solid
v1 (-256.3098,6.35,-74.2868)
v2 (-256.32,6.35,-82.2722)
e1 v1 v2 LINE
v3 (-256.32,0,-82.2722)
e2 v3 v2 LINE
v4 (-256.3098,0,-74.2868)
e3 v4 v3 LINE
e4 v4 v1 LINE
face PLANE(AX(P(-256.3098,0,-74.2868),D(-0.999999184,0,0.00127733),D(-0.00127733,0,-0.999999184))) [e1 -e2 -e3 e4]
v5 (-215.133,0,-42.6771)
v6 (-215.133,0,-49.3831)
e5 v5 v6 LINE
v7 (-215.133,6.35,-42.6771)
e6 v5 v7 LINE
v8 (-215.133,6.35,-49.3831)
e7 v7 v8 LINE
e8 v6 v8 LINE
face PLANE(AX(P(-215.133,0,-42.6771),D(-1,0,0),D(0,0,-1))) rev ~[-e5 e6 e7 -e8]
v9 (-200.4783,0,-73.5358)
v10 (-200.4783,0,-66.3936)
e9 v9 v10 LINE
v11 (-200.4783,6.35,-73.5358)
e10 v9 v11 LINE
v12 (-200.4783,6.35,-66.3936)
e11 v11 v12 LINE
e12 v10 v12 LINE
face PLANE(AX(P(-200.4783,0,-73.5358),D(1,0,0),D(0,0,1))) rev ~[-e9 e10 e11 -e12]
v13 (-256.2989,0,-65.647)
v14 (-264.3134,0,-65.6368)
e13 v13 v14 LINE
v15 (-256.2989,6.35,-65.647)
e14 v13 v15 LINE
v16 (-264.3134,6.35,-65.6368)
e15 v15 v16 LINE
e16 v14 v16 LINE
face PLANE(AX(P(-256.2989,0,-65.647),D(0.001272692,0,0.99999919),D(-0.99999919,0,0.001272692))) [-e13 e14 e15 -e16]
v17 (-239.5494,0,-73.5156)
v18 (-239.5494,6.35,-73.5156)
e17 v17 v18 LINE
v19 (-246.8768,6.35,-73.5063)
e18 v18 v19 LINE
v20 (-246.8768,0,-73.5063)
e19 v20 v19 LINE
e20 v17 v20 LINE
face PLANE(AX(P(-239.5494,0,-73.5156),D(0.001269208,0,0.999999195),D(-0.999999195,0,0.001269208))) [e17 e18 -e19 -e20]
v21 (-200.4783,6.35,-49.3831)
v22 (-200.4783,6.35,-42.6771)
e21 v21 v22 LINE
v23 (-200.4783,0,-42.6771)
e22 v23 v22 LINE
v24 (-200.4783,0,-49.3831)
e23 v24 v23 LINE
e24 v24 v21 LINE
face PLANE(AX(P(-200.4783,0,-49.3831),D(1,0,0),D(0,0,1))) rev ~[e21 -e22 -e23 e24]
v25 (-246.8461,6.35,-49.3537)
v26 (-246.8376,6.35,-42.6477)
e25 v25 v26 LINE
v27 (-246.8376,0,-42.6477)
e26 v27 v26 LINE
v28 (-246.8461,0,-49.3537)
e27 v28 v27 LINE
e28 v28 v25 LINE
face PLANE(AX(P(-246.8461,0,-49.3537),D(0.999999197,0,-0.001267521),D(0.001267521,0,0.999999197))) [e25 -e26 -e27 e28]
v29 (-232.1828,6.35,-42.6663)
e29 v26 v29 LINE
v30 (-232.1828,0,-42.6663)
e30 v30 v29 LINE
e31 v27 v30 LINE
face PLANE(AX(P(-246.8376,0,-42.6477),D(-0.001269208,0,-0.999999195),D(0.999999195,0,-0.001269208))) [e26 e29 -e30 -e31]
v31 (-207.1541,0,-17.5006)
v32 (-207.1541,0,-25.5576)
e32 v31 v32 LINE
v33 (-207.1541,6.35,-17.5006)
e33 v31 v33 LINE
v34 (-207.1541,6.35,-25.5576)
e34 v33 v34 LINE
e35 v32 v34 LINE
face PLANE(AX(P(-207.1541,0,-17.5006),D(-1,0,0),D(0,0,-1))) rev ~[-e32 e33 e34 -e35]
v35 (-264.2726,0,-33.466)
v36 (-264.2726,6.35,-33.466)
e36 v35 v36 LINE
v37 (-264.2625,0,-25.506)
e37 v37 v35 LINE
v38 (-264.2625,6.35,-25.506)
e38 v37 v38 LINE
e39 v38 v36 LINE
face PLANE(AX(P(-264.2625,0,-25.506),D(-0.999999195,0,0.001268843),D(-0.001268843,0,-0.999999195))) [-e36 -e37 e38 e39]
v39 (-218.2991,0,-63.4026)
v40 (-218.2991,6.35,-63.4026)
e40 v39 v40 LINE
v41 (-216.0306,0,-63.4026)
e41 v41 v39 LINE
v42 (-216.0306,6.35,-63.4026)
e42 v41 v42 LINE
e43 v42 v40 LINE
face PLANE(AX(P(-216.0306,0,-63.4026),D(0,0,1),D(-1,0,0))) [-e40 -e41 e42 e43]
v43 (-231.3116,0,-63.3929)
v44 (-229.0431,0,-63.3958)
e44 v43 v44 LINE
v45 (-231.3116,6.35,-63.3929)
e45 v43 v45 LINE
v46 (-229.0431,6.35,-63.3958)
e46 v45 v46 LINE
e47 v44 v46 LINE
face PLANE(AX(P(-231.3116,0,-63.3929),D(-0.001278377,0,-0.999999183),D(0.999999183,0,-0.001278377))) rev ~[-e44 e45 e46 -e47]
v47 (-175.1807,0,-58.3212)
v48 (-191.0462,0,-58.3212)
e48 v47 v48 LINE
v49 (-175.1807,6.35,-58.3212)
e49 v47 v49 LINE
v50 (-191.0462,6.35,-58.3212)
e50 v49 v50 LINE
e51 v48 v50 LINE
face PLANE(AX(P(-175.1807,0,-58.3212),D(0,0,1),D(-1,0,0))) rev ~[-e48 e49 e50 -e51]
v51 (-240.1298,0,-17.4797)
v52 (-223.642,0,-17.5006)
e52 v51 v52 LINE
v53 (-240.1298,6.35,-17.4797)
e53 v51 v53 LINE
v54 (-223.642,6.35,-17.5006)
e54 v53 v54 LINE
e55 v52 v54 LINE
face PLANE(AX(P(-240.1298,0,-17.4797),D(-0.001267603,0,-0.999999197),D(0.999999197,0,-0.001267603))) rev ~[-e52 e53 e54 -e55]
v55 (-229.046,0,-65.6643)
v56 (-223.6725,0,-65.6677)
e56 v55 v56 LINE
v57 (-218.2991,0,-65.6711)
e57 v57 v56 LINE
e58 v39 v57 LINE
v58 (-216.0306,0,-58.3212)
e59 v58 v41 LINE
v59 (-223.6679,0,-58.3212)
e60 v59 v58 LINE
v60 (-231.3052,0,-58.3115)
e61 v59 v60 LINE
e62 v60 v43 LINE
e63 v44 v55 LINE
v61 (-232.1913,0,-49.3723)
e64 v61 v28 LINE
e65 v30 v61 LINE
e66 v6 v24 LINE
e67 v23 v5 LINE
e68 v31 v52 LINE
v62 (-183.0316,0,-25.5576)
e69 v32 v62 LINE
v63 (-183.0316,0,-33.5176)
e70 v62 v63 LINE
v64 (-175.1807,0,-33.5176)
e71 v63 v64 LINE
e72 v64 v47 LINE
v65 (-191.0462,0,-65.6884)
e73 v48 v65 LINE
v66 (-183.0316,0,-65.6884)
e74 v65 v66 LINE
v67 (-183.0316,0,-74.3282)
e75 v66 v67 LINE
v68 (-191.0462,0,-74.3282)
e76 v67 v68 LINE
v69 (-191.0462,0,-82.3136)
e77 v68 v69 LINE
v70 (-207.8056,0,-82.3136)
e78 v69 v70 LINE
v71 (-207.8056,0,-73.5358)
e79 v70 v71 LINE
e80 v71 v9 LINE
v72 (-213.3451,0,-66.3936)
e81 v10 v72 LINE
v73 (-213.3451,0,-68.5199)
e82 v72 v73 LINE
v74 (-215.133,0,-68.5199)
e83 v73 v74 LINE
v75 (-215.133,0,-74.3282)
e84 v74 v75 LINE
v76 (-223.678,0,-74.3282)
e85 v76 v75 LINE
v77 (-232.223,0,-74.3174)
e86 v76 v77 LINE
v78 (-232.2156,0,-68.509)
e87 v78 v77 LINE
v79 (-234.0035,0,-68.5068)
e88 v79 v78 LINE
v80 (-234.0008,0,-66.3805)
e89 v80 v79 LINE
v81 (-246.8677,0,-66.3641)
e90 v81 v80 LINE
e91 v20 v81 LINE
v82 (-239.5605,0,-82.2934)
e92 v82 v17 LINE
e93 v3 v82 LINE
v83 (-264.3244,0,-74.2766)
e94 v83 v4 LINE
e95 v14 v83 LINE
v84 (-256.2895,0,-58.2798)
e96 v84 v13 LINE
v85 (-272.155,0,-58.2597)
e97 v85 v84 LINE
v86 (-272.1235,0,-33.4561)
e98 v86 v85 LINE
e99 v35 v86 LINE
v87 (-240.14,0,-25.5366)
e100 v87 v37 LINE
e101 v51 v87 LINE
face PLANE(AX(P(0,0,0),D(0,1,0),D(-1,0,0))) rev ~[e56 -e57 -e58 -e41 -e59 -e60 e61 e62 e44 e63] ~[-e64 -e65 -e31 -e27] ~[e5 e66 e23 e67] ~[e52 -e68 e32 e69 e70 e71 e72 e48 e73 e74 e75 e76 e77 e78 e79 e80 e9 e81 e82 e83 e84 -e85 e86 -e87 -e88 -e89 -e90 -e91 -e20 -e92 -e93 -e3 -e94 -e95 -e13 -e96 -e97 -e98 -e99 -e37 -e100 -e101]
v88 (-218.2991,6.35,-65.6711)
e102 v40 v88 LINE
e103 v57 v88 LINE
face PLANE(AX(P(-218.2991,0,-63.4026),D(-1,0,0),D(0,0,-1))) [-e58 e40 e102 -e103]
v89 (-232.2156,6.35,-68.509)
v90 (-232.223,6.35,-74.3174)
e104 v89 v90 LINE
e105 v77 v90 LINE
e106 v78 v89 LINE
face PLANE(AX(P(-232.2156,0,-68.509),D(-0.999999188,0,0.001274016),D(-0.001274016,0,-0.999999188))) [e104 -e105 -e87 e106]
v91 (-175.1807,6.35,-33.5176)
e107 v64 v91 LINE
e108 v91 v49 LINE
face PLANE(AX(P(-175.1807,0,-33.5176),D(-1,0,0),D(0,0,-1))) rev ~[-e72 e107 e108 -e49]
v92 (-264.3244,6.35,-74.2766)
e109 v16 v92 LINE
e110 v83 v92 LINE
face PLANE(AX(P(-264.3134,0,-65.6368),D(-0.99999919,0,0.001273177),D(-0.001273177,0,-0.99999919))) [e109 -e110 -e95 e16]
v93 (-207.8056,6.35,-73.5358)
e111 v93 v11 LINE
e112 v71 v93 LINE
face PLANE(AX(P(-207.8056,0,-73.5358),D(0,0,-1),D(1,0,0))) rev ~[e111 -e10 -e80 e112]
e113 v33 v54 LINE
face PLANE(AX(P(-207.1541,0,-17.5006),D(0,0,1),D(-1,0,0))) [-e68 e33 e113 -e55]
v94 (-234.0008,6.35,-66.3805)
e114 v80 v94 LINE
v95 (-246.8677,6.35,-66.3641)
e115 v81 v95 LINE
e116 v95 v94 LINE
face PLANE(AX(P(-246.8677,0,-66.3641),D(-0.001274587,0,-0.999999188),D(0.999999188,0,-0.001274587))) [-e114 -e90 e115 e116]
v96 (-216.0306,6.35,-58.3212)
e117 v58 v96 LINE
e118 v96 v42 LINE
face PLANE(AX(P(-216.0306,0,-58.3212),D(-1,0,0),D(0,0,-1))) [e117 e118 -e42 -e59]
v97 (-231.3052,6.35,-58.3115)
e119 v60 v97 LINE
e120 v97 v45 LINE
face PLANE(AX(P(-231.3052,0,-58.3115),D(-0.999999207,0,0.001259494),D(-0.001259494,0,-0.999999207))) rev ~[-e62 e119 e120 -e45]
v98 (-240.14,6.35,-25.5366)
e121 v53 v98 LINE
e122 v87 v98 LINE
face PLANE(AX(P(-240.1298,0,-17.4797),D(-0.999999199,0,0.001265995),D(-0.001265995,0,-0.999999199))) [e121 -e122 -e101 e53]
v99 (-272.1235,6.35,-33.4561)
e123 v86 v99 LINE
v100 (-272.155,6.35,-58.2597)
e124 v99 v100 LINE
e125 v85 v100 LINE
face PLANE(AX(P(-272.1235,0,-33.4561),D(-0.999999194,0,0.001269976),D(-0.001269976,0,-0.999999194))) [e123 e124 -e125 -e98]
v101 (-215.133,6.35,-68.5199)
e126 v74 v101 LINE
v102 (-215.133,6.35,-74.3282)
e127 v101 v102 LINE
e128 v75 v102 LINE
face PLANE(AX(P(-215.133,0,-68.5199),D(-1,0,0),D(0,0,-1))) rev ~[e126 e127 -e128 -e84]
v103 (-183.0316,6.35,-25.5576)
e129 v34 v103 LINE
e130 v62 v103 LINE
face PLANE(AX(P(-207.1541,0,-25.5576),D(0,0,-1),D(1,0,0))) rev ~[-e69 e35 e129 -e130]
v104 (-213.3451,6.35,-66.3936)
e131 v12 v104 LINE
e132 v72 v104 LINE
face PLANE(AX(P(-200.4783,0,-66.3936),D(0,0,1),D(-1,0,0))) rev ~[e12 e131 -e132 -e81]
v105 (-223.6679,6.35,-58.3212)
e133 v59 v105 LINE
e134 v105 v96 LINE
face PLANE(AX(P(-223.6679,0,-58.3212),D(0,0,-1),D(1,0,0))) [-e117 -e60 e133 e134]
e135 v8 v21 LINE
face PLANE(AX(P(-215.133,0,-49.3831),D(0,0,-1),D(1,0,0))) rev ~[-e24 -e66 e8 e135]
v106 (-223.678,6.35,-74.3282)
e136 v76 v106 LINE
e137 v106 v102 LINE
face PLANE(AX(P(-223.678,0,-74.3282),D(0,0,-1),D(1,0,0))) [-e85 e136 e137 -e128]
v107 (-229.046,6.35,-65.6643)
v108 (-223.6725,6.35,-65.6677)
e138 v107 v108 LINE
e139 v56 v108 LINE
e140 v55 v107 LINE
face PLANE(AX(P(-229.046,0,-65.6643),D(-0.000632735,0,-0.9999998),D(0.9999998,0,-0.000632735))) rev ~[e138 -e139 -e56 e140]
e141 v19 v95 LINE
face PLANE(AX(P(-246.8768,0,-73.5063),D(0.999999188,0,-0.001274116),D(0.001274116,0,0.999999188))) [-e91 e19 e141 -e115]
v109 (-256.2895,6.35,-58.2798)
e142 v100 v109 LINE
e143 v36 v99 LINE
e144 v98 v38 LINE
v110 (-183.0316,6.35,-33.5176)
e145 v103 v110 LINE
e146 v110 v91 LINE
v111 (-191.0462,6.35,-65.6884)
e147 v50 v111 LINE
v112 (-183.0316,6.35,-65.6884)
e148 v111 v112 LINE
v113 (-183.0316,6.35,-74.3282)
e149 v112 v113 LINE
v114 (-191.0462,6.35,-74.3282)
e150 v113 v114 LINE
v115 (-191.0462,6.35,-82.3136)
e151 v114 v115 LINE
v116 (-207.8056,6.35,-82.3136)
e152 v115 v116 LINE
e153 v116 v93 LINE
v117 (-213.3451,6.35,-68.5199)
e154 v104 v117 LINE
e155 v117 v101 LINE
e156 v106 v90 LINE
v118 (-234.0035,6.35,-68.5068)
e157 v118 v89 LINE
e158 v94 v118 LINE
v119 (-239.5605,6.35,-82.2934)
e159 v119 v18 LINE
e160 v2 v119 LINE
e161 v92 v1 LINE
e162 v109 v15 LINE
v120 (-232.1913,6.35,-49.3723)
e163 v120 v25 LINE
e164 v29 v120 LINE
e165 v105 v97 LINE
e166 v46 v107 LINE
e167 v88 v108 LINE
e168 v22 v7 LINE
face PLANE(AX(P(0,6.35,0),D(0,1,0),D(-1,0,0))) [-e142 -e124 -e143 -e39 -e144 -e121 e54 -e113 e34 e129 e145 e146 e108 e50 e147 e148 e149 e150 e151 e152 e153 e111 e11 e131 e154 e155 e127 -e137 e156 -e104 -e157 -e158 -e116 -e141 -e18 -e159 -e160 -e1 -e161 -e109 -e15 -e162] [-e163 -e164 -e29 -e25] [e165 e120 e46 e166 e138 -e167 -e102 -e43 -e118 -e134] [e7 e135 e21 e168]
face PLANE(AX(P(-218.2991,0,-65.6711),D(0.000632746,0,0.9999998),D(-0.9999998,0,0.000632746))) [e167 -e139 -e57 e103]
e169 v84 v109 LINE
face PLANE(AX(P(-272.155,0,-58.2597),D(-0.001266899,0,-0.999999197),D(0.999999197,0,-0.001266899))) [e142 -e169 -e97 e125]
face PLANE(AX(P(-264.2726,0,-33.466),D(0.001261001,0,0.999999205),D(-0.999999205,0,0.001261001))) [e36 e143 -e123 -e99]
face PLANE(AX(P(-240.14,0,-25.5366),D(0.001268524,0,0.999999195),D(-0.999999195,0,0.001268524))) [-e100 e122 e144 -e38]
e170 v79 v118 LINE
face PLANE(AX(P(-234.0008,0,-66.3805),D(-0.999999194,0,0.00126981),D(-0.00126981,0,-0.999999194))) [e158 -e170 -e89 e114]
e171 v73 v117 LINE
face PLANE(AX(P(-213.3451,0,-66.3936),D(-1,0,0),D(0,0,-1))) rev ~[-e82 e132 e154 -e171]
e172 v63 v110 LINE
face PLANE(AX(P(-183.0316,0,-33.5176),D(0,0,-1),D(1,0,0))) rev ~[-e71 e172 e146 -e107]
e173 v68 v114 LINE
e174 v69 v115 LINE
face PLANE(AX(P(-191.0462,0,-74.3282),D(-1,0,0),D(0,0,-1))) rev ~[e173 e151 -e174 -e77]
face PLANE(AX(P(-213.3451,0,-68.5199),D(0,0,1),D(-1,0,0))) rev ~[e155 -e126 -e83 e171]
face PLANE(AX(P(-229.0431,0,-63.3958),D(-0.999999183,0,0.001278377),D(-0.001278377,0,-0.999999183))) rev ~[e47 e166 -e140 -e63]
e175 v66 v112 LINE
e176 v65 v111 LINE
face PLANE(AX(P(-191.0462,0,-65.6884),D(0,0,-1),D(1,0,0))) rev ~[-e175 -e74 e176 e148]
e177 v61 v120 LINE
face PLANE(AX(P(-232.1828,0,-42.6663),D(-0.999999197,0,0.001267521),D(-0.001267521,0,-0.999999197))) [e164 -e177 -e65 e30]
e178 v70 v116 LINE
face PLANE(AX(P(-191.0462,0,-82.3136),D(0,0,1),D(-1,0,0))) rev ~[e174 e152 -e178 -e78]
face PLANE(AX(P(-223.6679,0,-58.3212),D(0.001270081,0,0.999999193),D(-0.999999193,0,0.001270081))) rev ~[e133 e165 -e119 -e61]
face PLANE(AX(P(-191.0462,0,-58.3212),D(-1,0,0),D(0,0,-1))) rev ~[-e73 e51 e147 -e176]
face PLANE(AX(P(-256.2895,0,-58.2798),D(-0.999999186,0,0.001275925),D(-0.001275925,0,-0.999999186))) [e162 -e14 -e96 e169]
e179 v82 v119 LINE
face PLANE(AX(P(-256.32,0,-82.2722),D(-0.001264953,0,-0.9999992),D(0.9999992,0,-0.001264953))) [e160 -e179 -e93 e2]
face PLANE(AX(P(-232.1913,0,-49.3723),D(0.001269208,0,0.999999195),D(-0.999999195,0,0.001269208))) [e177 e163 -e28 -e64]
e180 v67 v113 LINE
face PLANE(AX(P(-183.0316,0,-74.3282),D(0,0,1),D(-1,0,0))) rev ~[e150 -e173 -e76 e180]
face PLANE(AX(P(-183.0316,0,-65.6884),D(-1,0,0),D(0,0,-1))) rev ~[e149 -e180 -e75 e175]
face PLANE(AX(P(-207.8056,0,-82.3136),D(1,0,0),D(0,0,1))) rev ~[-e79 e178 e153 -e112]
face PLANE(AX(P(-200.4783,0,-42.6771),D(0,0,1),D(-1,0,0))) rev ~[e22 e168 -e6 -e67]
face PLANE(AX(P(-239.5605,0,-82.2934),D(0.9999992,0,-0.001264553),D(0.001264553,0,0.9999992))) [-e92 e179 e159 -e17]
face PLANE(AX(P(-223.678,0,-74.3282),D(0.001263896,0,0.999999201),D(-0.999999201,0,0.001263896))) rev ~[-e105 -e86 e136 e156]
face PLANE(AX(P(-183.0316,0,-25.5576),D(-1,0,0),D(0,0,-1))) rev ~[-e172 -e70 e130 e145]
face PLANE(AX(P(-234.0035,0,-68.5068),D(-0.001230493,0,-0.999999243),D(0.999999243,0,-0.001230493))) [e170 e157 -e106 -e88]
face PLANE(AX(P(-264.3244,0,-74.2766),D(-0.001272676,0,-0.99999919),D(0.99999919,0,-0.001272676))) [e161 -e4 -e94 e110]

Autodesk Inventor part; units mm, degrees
ref_plane "YZ Plane" through (0, 0, 0) normal (1, 0, 0) x (0, 1, 0)
ref_plane "XZ Plane" through (0, 0, 0) normal (0, 1, 0) x (-1, 0, 0)
ref_plane "XY Plane" through (0, 0, 0) normal (0, 0, 1) x (1, 0, 0)
sketch "Sketch1" plane through (0, 0, 0) normal (0, 1, 0) x (-1, 0, 0)
  line L0 (0, 0) -> (419.3723, 0) construction
  line L1 (419.3723, 0) -> (419.3723, -187.719) construction
  line L2 (419.3723, -187.719) -> (0, -187.719) construction
  line L3 (0, -187.719) -> (0, 0) construction
  line L4 (223.6679, -58.3212) -> (216.0306, -58.3212)
  line L5 (216.0306, -58.3212) -> (216.0306, -63.4026)
  line L6 (216.0306, -63.4026) -> (218.2991, -63.4026)
  line L7 (218.2991, -63.4026) -> (218.2991, -65.6711)
  line L8 (218.2991, -65.6711) -> (223.6725, -65.6677)
  line L9 (200.4783, -42.6771) -> (215.133, -42.6771)
  line L10 (215.133, -42.6771) -> (215.133, -49.3831)
  line L11 (215.133, -49.3831) -> (200.4783, -49.3831)
  line L12 (200.4783, -49.3831) -> (200.4783, -42.6771)
  line L13 (207.1541, -17.5006) -> (207.1541, -25.5576)
  line L14 (207.1541, -25.5576) -> (183.0316, -25.5576)
  line L15 (183.0316, -25.5576) -> (183.0316, -33.5176)
  line L16 (183.0316, -33.5176) -> (175.1807, -33.5176)
  line L17 (175.1807, -33.5176) -> (175.1807, -58.3212)
  line L18 (175.1807, -58.3212) -> (191.0462, -58.3212)
  line L19 (191.0462, -58.3212) -> (191.0462, -65.6884)
  line L20 (191.0462, -65.6884) -> (183.0316, -65.6884)
  line L21 (183.0316, -65.6884) -> (183.0316, -74.3282)
  line L22 (183.0316, -74.3282) -> (191.0462, -74.3282)
  line L23 (191.0462, -74.3282) -> (191.0462, -82.3136)
  line L24 (191.0462, -82.3136) -> (207.8056, -82.3136)
  line L25 (207.8056, -82.3136) -> (207.8056, -73.5358)
  line L26 (207.8056, -73.5358) -> (200.4783, -73.5358)
  line L27 (200.4783, -73.5358) -> (200.4783, -66.3936)
  line L28 (200.4783, -66.3936) -> (213.3451, -66.3936)
  line L29 (213.3451, -66.3936) -> (213.3451, -68.5199)
  line L30 (213.3451, -68.5199) -> (215.133, -68.5199)
  line L31 (215.133, -68.5199) -> (215.133, -74.3282)
  line L32 (207.1541, -17.5006) -> (223.642, -17.5006)
  line L33 (223.678, -74.3282) -> (215.133, -74.3282)
  line L34 (223.6679, -58.3212) -> (231.3052, -58.3115)
  line L35 (231.3052, -58.3115) -> (231.3116, -63.3929)
  line L36 (231.3116, -63.3929) -> (229.0431, -63.3958)
  line L37 (229.0431, -63.3958) -> (229.046, -65.6643)
  line L38 (229.046, -65.6643) -> (223.6725, -65.6677)
  line L39 (246.8376, -42.6477) -> (232.1828, -42.6663)
  line L40 (232.1828, -42.6663) -> (232.1913, -49.3723)
  line L41 (232.1913, -49.3723) -> (246.8461, -49.3537)
  line L42 (246.8461, -49.3537) -> (246.8376, -42.6477)
  line L43 (240.1298, -17.4797) -> (240.14, -25.5366)
  line L44 (240.14, -25.5366) -> (264.2625, -25.506)
  line L45 (264.2625, -25.506) -> (264.2726, -33.466)
  line L46 (264.2726, -33.466) -> (272.1235, -33.4561)
  line L47 (272.1235, -33.4561) -> (272.155, -58.2597)
  line L48 (272.155, -58.2597) -> (256.2895, -58.2798)
  line L49 (256.2895, -58.2798) -> (256.2989, -65.647)
  line L50 (256.2989, -65.647) -> (264.3134, -65.6368)
  line L51 (264.3134, -65.6368) -> (264.3244, -74.2766)
  line L52 (264.3244, -74.2766) -> (256.3098, -74.2868)
  line L53 (256.3098, -74.2868) -> (256.32, -82.2722)
  line L54 (256.32, -82.2722) -> (239.5605, -82.2934)
  line L55 (239.5605, -82.2934) -> (239.5494, -73.5156)
  line L56 (239.5494, -73.5156) -> (246.8768, -73.5063)
  line L57 (246.8768, -73.5063) -> (246.8677, -66.3641)
  line L58 (246.8677, -66.3641) -> (234.0008, -66.3805)
  line L59 (234.0008, -66.3805) -> (234.0035, -68.5068)
  line L60 (234.0035, -68.5068) -> (232.2156, -68.509)
  line L61 (232.2156, -68.509) -> (232.223, -74.3174)
  line L62 (240.1298, -17.4797) -> (223.642, -17.5006)
  line L63 (223.678, -74.3282) -> (232.223, -74.3174)
  dimension "d17" = 2.2685
  dimension "d20" = 2.2685
  dimension "d21" = 7.3672
  dimension "d22" = 8.0145
  dimension "d23" = 8.6398
  dimension "d24" = 7.1422
  dimension "d25" = 2.1263
  dimension "d26" = 1.7879
  dimension "d27" = 24.8036
  dimension "d28" = 25.2976
extrude "Extrusion1" add sketch "Sketch1" along normal blind 6.35
equation "\"d20\" = d17"
properties part number "Monster4"
